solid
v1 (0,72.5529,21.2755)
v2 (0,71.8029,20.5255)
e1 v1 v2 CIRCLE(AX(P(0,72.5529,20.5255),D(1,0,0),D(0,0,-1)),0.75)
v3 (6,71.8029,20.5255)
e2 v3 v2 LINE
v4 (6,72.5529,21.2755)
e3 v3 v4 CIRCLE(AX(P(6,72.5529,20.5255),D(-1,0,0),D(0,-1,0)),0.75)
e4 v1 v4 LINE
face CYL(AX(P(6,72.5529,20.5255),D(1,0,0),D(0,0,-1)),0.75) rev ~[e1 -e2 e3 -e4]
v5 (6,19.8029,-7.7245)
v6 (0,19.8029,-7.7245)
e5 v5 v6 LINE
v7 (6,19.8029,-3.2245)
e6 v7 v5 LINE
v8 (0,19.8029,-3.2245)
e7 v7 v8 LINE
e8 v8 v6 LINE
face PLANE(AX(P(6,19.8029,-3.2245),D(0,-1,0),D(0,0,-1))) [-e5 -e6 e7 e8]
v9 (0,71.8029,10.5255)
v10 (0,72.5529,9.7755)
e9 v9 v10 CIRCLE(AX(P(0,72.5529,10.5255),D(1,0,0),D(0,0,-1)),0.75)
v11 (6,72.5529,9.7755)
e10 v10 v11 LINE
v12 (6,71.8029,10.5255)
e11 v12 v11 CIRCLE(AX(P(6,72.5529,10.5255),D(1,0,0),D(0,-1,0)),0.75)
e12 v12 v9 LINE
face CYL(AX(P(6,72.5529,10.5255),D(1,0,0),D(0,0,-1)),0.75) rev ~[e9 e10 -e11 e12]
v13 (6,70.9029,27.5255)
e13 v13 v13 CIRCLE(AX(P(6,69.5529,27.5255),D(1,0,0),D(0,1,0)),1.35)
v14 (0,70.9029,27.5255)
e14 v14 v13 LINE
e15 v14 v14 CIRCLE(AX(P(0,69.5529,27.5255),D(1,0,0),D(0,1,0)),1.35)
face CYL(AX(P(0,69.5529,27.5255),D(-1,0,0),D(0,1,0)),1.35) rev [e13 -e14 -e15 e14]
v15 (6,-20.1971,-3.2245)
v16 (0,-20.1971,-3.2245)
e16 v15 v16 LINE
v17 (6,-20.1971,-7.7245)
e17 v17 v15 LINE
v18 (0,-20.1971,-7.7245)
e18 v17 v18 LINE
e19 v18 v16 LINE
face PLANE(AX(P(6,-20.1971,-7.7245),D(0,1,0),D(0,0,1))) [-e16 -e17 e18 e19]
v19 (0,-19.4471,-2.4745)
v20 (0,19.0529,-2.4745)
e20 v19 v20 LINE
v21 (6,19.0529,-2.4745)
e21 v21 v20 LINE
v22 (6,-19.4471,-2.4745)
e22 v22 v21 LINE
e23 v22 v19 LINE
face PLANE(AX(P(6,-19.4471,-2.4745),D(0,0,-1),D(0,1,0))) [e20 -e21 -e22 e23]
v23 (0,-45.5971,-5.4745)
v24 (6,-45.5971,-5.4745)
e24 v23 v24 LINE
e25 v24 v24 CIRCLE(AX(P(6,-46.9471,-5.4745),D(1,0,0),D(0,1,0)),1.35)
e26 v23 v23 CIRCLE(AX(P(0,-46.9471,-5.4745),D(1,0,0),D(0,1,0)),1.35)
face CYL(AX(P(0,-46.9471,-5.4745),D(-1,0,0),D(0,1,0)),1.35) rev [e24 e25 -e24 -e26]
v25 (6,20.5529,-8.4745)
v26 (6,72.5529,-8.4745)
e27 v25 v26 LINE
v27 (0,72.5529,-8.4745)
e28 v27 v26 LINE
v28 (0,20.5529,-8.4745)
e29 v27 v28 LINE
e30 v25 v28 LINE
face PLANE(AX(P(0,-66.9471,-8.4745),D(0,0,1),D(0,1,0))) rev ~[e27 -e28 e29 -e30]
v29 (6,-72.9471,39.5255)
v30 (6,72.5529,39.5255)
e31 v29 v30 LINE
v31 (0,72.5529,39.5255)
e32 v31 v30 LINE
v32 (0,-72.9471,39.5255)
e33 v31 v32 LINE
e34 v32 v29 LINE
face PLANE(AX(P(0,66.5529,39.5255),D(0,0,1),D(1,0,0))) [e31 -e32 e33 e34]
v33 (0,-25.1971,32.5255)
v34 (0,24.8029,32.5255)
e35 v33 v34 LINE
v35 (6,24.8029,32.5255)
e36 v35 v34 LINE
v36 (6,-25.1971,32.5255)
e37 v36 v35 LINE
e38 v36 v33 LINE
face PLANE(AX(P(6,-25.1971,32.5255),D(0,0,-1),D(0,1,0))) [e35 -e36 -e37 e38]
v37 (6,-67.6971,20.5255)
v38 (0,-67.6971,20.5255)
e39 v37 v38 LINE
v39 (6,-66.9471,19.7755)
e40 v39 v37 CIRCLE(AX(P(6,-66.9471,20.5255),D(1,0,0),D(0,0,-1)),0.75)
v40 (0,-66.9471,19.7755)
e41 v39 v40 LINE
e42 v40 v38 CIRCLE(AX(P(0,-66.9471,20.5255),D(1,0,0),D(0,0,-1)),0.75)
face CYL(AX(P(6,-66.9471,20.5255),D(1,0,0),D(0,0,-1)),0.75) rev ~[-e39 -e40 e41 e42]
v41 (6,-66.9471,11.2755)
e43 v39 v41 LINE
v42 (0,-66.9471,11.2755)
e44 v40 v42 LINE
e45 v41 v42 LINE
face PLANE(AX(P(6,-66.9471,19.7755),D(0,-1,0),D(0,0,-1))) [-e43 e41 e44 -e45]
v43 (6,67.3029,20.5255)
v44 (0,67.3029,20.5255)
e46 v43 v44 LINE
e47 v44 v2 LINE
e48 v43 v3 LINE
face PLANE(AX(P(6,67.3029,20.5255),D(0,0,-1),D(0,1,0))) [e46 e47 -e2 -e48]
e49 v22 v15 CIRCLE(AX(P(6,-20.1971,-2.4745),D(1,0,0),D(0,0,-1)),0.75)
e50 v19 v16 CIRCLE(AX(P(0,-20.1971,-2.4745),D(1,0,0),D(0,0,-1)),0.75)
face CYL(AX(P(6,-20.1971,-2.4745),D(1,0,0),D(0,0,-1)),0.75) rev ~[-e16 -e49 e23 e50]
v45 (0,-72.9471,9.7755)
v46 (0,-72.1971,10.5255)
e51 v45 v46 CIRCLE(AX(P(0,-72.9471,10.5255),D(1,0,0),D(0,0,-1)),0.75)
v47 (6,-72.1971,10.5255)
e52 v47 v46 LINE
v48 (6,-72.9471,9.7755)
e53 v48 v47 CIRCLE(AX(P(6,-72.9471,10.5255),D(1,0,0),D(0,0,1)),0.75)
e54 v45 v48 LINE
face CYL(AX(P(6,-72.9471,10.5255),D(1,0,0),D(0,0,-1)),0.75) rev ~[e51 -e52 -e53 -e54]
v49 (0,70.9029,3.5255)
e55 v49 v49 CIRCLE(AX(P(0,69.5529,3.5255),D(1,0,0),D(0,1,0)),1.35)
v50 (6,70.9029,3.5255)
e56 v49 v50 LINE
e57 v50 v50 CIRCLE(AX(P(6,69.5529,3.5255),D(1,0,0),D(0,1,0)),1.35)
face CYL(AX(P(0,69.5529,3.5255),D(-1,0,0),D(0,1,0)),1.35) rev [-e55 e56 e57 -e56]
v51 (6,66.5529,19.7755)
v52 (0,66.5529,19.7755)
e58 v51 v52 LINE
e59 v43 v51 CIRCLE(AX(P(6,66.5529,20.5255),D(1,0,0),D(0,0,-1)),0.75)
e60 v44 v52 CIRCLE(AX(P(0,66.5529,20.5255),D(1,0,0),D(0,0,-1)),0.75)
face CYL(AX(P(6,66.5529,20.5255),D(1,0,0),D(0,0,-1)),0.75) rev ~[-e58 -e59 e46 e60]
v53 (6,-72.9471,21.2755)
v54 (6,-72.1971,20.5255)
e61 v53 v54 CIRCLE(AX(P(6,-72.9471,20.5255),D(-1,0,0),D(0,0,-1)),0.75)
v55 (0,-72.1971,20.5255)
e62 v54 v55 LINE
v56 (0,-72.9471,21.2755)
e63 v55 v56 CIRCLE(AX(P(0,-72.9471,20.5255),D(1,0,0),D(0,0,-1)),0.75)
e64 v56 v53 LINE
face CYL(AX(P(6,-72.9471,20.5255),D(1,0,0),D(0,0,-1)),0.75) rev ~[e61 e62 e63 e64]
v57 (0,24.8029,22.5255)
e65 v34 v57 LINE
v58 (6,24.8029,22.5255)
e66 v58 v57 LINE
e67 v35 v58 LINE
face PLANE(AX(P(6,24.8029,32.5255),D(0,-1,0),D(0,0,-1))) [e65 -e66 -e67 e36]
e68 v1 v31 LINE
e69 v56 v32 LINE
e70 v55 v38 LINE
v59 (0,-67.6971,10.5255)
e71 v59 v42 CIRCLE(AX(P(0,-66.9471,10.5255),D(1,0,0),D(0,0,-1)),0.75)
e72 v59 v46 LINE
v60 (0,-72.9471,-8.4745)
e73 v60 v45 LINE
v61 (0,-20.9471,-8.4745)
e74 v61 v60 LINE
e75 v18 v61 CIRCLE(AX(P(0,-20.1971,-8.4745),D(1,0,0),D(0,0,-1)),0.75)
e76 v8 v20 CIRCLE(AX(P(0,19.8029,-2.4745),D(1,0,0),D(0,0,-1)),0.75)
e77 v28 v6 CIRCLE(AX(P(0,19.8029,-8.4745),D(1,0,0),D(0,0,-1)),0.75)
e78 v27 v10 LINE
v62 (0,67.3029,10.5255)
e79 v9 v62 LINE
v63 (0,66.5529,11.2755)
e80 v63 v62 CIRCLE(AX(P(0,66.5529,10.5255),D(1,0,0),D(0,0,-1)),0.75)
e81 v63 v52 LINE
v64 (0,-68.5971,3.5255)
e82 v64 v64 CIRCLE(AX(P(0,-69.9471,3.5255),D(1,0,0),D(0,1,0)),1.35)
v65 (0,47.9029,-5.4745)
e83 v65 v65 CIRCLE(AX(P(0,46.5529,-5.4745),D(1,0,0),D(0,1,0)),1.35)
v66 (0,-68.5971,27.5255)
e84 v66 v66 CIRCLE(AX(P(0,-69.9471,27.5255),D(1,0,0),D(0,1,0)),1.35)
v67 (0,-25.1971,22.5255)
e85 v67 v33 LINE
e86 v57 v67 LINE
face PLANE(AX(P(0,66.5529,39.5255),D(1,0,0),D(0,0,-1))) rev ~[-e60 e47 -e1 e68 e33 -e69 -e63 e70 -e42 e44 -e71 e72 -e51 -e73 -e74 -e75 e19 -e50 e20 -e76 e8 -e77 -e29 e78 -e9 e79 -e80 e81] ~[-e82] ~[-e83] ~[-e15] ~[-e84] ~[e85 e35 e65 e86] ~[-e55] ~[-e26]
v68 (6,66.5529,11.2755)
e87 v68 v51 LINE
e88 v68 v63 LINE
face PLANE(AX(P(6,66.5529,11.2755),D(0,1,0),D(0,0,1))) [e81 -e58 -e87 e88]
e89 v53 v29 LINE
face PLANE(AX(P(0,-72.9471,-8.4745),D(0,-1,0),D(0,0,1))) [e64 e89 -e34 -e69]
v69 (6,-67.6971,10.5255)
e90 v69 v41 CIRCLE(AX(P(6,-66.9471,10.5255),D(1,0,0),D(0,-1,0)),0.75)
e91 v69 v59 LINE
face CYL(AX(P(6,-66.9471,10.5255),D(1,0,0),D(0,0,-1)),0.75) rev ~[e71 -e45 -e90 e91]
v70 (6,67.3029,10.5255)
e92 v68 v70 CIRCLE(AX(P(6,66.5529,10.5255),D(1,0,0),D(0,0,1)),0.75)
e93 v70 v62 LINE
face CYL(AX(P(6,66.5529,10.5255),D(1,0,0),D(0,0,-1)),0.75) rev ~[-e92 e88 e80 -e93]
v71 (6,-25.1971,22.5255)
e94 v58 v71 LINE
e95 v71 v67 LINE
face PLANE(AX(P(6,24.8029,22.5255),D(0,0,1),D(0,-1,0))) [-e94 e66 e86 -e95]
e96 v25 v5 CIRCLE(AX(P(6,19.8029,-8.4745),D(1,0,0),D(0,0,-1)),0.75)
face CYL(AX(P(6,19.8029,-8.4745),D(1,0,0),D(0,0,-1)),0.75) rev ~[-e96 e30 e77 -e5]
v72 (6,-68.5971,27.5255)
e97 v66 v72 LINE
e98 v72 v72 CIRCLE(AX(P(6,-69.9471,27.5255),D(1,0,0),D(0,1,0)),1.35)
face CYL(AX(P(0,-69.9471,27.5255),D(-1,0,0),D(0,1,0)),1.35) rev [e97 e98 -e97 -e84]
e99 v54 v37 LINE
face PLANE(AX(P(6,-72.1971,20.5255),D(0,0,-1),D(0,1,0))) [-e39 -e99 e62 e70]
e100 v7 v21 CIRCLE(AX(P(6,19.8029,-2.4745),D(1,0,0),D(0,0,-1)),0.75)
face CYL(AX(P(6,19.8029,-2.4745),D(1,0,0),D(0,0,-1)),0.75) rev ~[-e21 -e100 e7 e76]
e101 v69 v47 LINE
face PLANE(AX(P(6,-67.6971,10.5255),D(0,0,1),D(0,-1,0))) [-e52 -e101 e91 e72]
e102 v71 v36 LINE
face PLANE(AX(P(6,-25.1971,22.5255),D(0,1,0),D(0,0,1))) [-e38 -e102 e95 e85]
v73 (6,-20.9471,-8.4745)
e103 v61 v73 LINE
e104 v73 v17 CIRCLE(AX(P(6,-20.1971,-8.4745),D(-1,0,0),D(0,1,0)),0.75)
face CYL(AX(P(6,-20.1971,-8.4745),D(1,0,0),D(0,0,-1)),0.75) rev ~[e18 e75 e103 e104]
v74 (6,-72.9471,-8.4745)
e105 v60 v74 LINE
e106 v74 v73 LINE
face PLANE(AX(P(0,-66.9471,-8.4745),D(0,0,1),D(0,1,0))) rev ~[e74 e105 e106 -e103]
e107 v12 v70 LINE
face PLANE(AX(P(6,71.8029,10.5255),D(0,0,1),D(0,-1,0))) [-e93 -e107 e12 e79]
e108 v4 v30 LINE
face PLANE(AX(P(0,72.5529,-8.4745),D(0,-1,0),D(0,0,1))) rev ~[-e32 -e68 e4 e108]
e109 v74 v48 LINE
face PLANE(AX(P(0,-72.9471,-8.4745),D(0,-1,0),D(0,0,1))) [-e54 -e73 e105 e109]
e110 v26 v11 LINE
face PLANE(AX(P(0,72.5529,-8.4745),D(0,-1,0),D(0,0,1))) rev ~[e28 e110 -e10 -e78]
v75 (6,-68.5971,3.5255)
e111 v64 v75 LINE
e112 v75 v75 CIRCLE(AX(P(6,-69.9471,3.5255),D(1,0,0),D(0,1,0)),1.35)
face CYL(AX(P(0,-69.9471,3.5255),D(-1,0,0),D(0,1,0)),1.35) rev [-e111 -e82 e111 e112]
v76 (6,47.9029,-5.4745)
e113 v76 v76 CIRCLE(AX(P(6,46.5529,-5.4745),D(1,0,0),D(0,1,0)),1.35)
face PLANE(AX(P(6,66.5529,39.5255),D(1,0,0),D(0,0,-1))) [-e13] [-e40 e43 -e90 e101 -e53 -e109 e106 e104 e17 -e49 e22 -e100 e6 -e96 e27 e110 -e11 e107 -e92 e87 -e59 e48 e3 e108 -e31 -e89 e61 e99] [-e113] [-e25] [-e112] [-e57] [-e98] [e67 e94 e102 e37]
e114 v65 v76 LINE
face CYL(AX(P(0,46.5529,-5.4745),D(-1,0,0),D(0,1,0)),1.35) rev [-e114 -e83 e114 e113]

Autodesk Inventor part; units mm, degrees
ref_plane "YZ Plane" through (0, 0, 0) normal (1, 0, 0) x (0, 1, 0)
ref_plane "XZ Plane" through (0, 0, 0) normal (0, 1, 0) x (-1, 0, 0)
ref_plane "XY Plane" through (0, 0, 0) normal (0, 0, 1) x (1, 0, 0)
sketch "스케치1" plane through (0, 0, 0) normal (1, 0, 0) x (0, 1, 0)
  circle A0 centre (46.5529, -5.4745) radius 1.35
  circle A1 centre (-46.9471, -5.4745) radius 1.35
  line L0 (-66.9471, -8.4745) -> (66.5529, -8.4745)
  line L1 (66.5529, -8.4745) -> (66.5529, -2.4745)
  line L2 (-66.9471, -2.4745) -> (66.5529, -2.4745)
  line L3 (-66.9471, -8.4745) -> (-66.9471, -2.4745)
  circle A2 centre (-69.9471, 3.5255) radius 1.35
  circle A3 centre (-69.9471, 27.5255) radius 1.35
  line L4 (-66.9471, -8.4745) -> (-66.9471, 39.5255)
  line L5 (-66.9471, 39.5255) -> (-72.9471, 39.5255)
  line L6 (-72.9471, -8.4745) -> (-72.9471, 39.5255)
  line L7 (-66.9471, -8.4745) -> (-72.9471, -8.4745)
  circle A4 centre (69.5529, 3.5255) radius 1.35
  circle A5 centre (69.5529, 27.5255) radius 1.35
  line L8 (72.5529, -8.4745) -> (72.5529, 39.5255)
  line L9 (72.5529, 39.5255) -> (66.5529, 39.5255)
  line L10 (66.5529, -8.4745) -> (66.5529, 39.5255)
  line L11 (72.5529, -8.4745) -> (66.5529, -8.4745)
  point P0 (0, 0)
extrude "돌출1" add sketch "스케치1" along normal blind 6
sketch "스케치3" plane through (0, 66.5529, -2.4745) normal (0, -1, 0) x (1, 0, 0)
  line L0 (0, 42) -> (0, -6) projected
  line L1 (0, 42) -> (0, -6) projected
  line L2 (0, -6) -> (6, -6) projected
  line L3 (6, 42) -> (6, -6) projected
  line L4 (0, 42) -> (6, 42) projected
  line L5 (0, 0) -> (6, 0) projected
  point P0 (0, 2.4745)
  point P1 (0, -6)
extrude "돌출2" add sketch "스케치3" along normal up to surface (133.5 mm away) contours L4 L3 L5 L0
sketch "스케치4" plane through (6, 0, 0) normal (1, 0, 0) x (0, 0, -1)
  line L0 (-39.5255, 72.5529) -> (-39.5255, -72.9471) projected
  line L1 (-39.5255, -72.9471) -> (8.4745, -72.9471) projected
  line L2 (8.4745, -72.9471) -> (8.4745, 72.5529) projected
  line L3 (8.4745, 72.5529) -> (-39.5255, 72.5529) projected
  circle A0 centre (-3.5255, -69.9471) radius 1.35 projected
  circle A1 centre (-27.5255, -69.9471) radius 1.35 projected
  circle A2 centre (5.4745, 46.5529) radius 1.35 projected
  circle A3 centre (5.4745, -46.9471) radius 1.35 projected
  circle A4 centre (-3.5255, 69.5529) radius 1.35 projected
  circle A5 centre (-27.5255, 69.5529) radius 1.35 projected
  line L4 (-20.0255, -25.1971) -> (-35.0255, -25.1971)
  line L5 (-35.0255, -25.1971) -> (-35.0255, 24.8029)
  line L6 (-35.0255, 24.8029) -> (-20.0255, 24.8029)
  line L7 (-20.0255, 24.8029) -> (-20.0255, -25.1971)
  line L8 (-20.0255, -25.1971) -> (-35.0255, 24.8029) construction
  line L9 (-35.0255, -25.1971) -> (-20.0255, 24.8029) construction
  line L10 (-22.5255, -25.1971) -> (-32.5255, -25.1971)
  line L11 (-32.5255, -25.1971) -> (-32.5255, 24.8029)
  line L12 (-32.5255, 24.8029) -> (-22.5255, 24.8029)
  line L13 (-22.5255, 24.8029) -> (-22.5255, -25.1971)
  line L14 (-22.5255, -25.1971) -> (-32.5255, 24.8029) construction
  line L15 (-32.5255, -25.1971) -> (-22.5255, 24.8029) construction
  point P0 (0, 0)
  point P1 (-27.5255, -0.1971)
  dimension "d4" = 15
  dimension "d5" = 50
  dimension "d8" = 10
  dimension "d9" = 50
extrude "돌출3" cut sketch "스케치4" against normal blind 10 contours L4 L11 L6 L13
sketch "스케치5" plane through (6, 0, 0) normal (1, 0, 0) x (0, 0, -1)
  line L0 (-32.5255, -25.1971) -> (-32.5255, 24.8029) projected
  line L1 (-32.5255, 24.8029) -> (-22.5255, 24.8029) projected
  line L2 (-22.5255, 24.8029) -> (-22.5255, -25.1971) projected
  line L3 (-22.5255, -25.1971) -> (-32.5255, -25.1971) projected
  line L4 (-39.5255, 72.5529) -> (-39.5255, -72.9471) projected
  line L5 (-39.5255, -72.9471) -> (8.4745, -72.9471) projected
  line L6 (8.4745, -72.9471) -> (8.4745, 72.5529) projected
  line L7 (8.4745, 72.5529) -> (-39.5255, 72.5529) projected
  circle A0 centre (-3.5255, -69.9471) radius 1.35 projected
  circle A1 centre (-27.5255, -69.9471) radius 1.35 projected
  circle A2 centre (5.4745, 46.5529) radius 1.35 projected
  circle A3 centre (5.4745, -46.9471) radius 1.35 projected
  circle A4 centre (-3.5255, 69.5529) radius 1.35 projected
  circle A5 centre (-27.5255, 69.5529) radius 1.35 projected
  line L8 (-10.5255, -72.9471) -> (-20.5255, -72.9471)
  line L9 (-20.5255, -72.9471) -> (-20.5255, -66.9471)
  line L10 (-20.5255, -66.9471) -> (-10.5255, -66.9471)
  line L11 (-10.5255, -66.9471) -> (-10.5255, -72.9471)
  line L12 (-10.5255, -72.9471) -> (-20.5255, -66.9471) construction
  line L13 (-20.5255, -72.9471) -> (-10.5255, -66.9471) construction
  line L14 (-10.5255, 66.5529) -> (-20.5255, 66.5529)
  line L15 (-20.5255, 66.5529) -> (-20.5255, 72.5529)
  line L16 (-20.5255, 72.5529) -> (-10.5255, 72.5529)
  line L17 (-10.5255, 72.5529) -> (-10.5255, 66.5529)
  line L18 (-10.5255, 66.5529) -> (-20.5255, 72.5529) construction
  line L19 (-20.5255, 66.5529) -> (-10.5255, 72.5529) construction
  circle A6 centre (-20.5255, 72.5529) radius 0.75
  circle A7 centre (-20.5255, 66.5529) radius 0.75
  circle A8 centre (-10.5255, 66.5529) radius 0.75
  circle A9 centre (-10.5255, 72.5529) radius 0.75
  circle A10 centre (-20.5255, -66.9471) radius 0.75
  circle A11 centre (-20.5255, -72.9471) radius 0.75
  circle A12 centre (-10.5255, -72.9471) radius 0.75
  circle A13 centre (-10.5255, -66.9471) radius 0.75
  point P0 (0, 0)
  point P1 (-15.5255, -69.9471)
  point P2 (-15.5255, 69.5529)
  point P3 (-20.5255, -72.1971)
  point P4 (-19.7755, -72.9471)
  point P5 (-11.2755, -72.9471)
  point P6 (-10.5255, -72.1971)
  point P7 (-10.5255, -67.6971)
  point P8 (-11.2755, -66.9471)
  point P9 (-19.7755, -66.9471)
  point P10 (-20.5255, -67.6971)
  point P11 (-20.5255, 71.8029)
  point P12 (-20.5255, 67.3029)
  point P13 (-19.7755, 66.5529)
  point P14 (-11.2755, 66.5529)
  point P15 (-10.5255, 67.3029)
  point P16 (-10.5255, 71.8029)
  point P17 (-11.2755, 72.5529)
  point P18 (-19.7755, 72.5529)
  dimension "d10" = 10
  dimension "d11" = 6
  dimension "d12" = 10
  dimension "d13" = 1.5
  dimension "d14" = 1.5
  dimension "d15" = 1.5
  dimension "d16" = 1.5
  dimension "d17" = 1.5
  dimension "d18" = 1.5
  dimension "d19" = 1.5
  dimension "d20" = 1.5
extrude "돌출4" cut sketch "스케치5" against normal blind 10 contours A6 L7 | L7 L15 A6 | A11 L9 L5 | L5 A11 | L7 A6 L15 | L7 A9 L17 A8 L14 A7 L15 A6 | L9 A11 L5 | L9 A10 L10 A13 L11 A12 L5 A11 | A9 L7 | L7 L17 A9 | A7 L14 L15 | L15 L14 A7 | A10 L10 L9 | L9 L10 A10 | A12 L11 L5 | L5 A12 | L7 A9 L17 | L11 A12 L5 | A8 L14 L17 | L17 L14 A8 | A13 L11 L10 | L10 L11 A13
sketch "스케치6" plane through (6, 0, 0) normal (1, 0, 0) x (0, 0, -1)
  arc A0 (-9.7755, -72.9471) -> (-10.5255, -72.1971) centre (-10.5255, -72.9471) ccw projected
  line L0 (-9.7755, -72.9471) -> (8.4745, -72.9471) projected
  line L1 (8.4745, -72.9471) -> (8.4745, 72.5529) projected
  line L2 (8.4745, 72.5529) -> (-9.7755, 72.5529) projected
  arc A1 (-10.5255, 71.8029) -> (-9.7755, 72.5529) centre (-10.5255, 72.5529) ccw projected
  line L3 (-10.5255, 71.8029) -> (-10.5255, 67.3029) projected
  arc A2 (-11.2755, 66.5529) -> (-10.5255, 67.3029) centre (-10.5255, 66.5529) ccw projected
  line L4 (-11.2755, 66.5529) -> (-19.7755, 66.5529) projected
  arc A3 (-20.5255, 67.3029) -> (-19.7755, 66.5529) centre (-20.5255, 66.5529) ccw projected
  line L5 (-20.5255, 67.3029) -> (-20.5255, 71.8029) projected
  arc A4 (-21.2755, 72.5529) -> (-20.5255, 71.8029) centre (-20.5255, 72.5529) ccw projected
  line L6 (-21.2755, 72.5529) -> (-39.5255, 72.5529) projected
  line L7 (-39.5255, 72.5529) -> (-39.5255, -72.9471) projected
  line L8 (-39.5255, -72.9471) -> (-21.2755, -72.9471) projected
  arc A5 (-20.5255, -72.1971) -> (-21.2755, -72.9471) centre (-20.5255, -72.9471) ccw projected
  line L9 (-20.5255, -72.1971) -> (-20.5255, -67.6971) projected
  arc A6 (-19.7755, -66.9471) -> (-20.5255, -67.6971) centre (-20.5255, -66.9471) ccw projected
  line L10 (-19.7755, -66.9471) -> (-11.2755, -66.9471) projected
  arc A7 (-10.5255, -67.6971) -> (-11.2755, -66.9471) centre (-10.5255, -66.9471) ccw projected
  line L11 (-10.5255, -67.6971) -> (-10.5255, -72.1971) projected
  line L12 (-32.5255, -25.1971) -> (-32.5255, 24.8029) projected
  line L13 (-32.5255, 24.8029) -> (-22.5255, 24.8029) projected
  line L14 (-22.5255, 24.8029) -> (-22.5255, -25.1971) projected
  line L15 (-22.5255, -25.1971) -> (-32.5255, -25.1971) projected
  circle A8 centre (-3.5255, -69.9471) radius 1.35 projected
  circle A9 centre (-27.5255, -69.9471) radius 1.35 projected
  circle A10 centre (5.4745, 46.5529) radius 1.35 projected
  circle A11 centre (5.4745, -46.9471) radius 1.35 projected
  circle A12 centre (-3.5255, 69.5529) radius 1.35 projected
  circle A13 centre (-27.5255, 69.5529) radius 1.35 projected
  line L16 (8.4745, -72.9471) -> (8.4745, 72.5529) projected
  line L17 (8.4745, -0.1971) -> (5.4745, -0.1971)
  line L18 (2.4745, 19.8029) -> (8.4745, 19.8029)
  line L19 (8.4745, 19.8029) -> (8.4745, -20.1971)
  line L20 (8.4745, -20.1971) -> (2.4745, -20.1971)
  line L21 (2.4745, -20.1971) -> (2.4745, 19.8029)
  line L22 (2.4745, 19.8029) -> (8.4745, -20.1971) construction
  line L23 (8.4745, 19.8029) -> (2.4745, -20.1971) construction
  circle A14 centre (2.4745, -20.1971) radius 0.75
  circle A15 centre (2.4745, 19.8029) radius 0.75
  circle A16 centre (8.4745, 19.8029) radius 0.75
  circle A17 centre (8.4745, -20.1971) radius 0.75
  point P0 (0, 0)
  point P1 (8.4745, 20.5529)
  point P2 (7.7245, 19.8029)
  point P3 (3.2245, 19.8029)
  point P4 (2.4745, 19.0529)
  point P5 (7.7245, -20.1971)
  point P6 (8.4745, -19.4471)
  point P7 (2.4745, -19.4471)
  point P8 (3.2245, -20.1971)
  dimension "d23" = 3
  dimension "d24" = 40
  dimension "d27" = 1.5
  dimension "d28" = 1.5
  dimension "d29" = 1.5
  dimension "d30" = 1.5
extrude "돌출5" cut sketch "스케치6" against normal blind 10 contours A17 L20 L1 | L1 A17 | L20 A17 L1 | L20 A14 L21 A15 L18 A16 L1 A17 | A14 L21 L20 | L20 L21 A14 | A16 L18 L1 | A15 L18 L21 | L21 L18 A15 | L18 A16 L1
properties part number "frame_upper4"
